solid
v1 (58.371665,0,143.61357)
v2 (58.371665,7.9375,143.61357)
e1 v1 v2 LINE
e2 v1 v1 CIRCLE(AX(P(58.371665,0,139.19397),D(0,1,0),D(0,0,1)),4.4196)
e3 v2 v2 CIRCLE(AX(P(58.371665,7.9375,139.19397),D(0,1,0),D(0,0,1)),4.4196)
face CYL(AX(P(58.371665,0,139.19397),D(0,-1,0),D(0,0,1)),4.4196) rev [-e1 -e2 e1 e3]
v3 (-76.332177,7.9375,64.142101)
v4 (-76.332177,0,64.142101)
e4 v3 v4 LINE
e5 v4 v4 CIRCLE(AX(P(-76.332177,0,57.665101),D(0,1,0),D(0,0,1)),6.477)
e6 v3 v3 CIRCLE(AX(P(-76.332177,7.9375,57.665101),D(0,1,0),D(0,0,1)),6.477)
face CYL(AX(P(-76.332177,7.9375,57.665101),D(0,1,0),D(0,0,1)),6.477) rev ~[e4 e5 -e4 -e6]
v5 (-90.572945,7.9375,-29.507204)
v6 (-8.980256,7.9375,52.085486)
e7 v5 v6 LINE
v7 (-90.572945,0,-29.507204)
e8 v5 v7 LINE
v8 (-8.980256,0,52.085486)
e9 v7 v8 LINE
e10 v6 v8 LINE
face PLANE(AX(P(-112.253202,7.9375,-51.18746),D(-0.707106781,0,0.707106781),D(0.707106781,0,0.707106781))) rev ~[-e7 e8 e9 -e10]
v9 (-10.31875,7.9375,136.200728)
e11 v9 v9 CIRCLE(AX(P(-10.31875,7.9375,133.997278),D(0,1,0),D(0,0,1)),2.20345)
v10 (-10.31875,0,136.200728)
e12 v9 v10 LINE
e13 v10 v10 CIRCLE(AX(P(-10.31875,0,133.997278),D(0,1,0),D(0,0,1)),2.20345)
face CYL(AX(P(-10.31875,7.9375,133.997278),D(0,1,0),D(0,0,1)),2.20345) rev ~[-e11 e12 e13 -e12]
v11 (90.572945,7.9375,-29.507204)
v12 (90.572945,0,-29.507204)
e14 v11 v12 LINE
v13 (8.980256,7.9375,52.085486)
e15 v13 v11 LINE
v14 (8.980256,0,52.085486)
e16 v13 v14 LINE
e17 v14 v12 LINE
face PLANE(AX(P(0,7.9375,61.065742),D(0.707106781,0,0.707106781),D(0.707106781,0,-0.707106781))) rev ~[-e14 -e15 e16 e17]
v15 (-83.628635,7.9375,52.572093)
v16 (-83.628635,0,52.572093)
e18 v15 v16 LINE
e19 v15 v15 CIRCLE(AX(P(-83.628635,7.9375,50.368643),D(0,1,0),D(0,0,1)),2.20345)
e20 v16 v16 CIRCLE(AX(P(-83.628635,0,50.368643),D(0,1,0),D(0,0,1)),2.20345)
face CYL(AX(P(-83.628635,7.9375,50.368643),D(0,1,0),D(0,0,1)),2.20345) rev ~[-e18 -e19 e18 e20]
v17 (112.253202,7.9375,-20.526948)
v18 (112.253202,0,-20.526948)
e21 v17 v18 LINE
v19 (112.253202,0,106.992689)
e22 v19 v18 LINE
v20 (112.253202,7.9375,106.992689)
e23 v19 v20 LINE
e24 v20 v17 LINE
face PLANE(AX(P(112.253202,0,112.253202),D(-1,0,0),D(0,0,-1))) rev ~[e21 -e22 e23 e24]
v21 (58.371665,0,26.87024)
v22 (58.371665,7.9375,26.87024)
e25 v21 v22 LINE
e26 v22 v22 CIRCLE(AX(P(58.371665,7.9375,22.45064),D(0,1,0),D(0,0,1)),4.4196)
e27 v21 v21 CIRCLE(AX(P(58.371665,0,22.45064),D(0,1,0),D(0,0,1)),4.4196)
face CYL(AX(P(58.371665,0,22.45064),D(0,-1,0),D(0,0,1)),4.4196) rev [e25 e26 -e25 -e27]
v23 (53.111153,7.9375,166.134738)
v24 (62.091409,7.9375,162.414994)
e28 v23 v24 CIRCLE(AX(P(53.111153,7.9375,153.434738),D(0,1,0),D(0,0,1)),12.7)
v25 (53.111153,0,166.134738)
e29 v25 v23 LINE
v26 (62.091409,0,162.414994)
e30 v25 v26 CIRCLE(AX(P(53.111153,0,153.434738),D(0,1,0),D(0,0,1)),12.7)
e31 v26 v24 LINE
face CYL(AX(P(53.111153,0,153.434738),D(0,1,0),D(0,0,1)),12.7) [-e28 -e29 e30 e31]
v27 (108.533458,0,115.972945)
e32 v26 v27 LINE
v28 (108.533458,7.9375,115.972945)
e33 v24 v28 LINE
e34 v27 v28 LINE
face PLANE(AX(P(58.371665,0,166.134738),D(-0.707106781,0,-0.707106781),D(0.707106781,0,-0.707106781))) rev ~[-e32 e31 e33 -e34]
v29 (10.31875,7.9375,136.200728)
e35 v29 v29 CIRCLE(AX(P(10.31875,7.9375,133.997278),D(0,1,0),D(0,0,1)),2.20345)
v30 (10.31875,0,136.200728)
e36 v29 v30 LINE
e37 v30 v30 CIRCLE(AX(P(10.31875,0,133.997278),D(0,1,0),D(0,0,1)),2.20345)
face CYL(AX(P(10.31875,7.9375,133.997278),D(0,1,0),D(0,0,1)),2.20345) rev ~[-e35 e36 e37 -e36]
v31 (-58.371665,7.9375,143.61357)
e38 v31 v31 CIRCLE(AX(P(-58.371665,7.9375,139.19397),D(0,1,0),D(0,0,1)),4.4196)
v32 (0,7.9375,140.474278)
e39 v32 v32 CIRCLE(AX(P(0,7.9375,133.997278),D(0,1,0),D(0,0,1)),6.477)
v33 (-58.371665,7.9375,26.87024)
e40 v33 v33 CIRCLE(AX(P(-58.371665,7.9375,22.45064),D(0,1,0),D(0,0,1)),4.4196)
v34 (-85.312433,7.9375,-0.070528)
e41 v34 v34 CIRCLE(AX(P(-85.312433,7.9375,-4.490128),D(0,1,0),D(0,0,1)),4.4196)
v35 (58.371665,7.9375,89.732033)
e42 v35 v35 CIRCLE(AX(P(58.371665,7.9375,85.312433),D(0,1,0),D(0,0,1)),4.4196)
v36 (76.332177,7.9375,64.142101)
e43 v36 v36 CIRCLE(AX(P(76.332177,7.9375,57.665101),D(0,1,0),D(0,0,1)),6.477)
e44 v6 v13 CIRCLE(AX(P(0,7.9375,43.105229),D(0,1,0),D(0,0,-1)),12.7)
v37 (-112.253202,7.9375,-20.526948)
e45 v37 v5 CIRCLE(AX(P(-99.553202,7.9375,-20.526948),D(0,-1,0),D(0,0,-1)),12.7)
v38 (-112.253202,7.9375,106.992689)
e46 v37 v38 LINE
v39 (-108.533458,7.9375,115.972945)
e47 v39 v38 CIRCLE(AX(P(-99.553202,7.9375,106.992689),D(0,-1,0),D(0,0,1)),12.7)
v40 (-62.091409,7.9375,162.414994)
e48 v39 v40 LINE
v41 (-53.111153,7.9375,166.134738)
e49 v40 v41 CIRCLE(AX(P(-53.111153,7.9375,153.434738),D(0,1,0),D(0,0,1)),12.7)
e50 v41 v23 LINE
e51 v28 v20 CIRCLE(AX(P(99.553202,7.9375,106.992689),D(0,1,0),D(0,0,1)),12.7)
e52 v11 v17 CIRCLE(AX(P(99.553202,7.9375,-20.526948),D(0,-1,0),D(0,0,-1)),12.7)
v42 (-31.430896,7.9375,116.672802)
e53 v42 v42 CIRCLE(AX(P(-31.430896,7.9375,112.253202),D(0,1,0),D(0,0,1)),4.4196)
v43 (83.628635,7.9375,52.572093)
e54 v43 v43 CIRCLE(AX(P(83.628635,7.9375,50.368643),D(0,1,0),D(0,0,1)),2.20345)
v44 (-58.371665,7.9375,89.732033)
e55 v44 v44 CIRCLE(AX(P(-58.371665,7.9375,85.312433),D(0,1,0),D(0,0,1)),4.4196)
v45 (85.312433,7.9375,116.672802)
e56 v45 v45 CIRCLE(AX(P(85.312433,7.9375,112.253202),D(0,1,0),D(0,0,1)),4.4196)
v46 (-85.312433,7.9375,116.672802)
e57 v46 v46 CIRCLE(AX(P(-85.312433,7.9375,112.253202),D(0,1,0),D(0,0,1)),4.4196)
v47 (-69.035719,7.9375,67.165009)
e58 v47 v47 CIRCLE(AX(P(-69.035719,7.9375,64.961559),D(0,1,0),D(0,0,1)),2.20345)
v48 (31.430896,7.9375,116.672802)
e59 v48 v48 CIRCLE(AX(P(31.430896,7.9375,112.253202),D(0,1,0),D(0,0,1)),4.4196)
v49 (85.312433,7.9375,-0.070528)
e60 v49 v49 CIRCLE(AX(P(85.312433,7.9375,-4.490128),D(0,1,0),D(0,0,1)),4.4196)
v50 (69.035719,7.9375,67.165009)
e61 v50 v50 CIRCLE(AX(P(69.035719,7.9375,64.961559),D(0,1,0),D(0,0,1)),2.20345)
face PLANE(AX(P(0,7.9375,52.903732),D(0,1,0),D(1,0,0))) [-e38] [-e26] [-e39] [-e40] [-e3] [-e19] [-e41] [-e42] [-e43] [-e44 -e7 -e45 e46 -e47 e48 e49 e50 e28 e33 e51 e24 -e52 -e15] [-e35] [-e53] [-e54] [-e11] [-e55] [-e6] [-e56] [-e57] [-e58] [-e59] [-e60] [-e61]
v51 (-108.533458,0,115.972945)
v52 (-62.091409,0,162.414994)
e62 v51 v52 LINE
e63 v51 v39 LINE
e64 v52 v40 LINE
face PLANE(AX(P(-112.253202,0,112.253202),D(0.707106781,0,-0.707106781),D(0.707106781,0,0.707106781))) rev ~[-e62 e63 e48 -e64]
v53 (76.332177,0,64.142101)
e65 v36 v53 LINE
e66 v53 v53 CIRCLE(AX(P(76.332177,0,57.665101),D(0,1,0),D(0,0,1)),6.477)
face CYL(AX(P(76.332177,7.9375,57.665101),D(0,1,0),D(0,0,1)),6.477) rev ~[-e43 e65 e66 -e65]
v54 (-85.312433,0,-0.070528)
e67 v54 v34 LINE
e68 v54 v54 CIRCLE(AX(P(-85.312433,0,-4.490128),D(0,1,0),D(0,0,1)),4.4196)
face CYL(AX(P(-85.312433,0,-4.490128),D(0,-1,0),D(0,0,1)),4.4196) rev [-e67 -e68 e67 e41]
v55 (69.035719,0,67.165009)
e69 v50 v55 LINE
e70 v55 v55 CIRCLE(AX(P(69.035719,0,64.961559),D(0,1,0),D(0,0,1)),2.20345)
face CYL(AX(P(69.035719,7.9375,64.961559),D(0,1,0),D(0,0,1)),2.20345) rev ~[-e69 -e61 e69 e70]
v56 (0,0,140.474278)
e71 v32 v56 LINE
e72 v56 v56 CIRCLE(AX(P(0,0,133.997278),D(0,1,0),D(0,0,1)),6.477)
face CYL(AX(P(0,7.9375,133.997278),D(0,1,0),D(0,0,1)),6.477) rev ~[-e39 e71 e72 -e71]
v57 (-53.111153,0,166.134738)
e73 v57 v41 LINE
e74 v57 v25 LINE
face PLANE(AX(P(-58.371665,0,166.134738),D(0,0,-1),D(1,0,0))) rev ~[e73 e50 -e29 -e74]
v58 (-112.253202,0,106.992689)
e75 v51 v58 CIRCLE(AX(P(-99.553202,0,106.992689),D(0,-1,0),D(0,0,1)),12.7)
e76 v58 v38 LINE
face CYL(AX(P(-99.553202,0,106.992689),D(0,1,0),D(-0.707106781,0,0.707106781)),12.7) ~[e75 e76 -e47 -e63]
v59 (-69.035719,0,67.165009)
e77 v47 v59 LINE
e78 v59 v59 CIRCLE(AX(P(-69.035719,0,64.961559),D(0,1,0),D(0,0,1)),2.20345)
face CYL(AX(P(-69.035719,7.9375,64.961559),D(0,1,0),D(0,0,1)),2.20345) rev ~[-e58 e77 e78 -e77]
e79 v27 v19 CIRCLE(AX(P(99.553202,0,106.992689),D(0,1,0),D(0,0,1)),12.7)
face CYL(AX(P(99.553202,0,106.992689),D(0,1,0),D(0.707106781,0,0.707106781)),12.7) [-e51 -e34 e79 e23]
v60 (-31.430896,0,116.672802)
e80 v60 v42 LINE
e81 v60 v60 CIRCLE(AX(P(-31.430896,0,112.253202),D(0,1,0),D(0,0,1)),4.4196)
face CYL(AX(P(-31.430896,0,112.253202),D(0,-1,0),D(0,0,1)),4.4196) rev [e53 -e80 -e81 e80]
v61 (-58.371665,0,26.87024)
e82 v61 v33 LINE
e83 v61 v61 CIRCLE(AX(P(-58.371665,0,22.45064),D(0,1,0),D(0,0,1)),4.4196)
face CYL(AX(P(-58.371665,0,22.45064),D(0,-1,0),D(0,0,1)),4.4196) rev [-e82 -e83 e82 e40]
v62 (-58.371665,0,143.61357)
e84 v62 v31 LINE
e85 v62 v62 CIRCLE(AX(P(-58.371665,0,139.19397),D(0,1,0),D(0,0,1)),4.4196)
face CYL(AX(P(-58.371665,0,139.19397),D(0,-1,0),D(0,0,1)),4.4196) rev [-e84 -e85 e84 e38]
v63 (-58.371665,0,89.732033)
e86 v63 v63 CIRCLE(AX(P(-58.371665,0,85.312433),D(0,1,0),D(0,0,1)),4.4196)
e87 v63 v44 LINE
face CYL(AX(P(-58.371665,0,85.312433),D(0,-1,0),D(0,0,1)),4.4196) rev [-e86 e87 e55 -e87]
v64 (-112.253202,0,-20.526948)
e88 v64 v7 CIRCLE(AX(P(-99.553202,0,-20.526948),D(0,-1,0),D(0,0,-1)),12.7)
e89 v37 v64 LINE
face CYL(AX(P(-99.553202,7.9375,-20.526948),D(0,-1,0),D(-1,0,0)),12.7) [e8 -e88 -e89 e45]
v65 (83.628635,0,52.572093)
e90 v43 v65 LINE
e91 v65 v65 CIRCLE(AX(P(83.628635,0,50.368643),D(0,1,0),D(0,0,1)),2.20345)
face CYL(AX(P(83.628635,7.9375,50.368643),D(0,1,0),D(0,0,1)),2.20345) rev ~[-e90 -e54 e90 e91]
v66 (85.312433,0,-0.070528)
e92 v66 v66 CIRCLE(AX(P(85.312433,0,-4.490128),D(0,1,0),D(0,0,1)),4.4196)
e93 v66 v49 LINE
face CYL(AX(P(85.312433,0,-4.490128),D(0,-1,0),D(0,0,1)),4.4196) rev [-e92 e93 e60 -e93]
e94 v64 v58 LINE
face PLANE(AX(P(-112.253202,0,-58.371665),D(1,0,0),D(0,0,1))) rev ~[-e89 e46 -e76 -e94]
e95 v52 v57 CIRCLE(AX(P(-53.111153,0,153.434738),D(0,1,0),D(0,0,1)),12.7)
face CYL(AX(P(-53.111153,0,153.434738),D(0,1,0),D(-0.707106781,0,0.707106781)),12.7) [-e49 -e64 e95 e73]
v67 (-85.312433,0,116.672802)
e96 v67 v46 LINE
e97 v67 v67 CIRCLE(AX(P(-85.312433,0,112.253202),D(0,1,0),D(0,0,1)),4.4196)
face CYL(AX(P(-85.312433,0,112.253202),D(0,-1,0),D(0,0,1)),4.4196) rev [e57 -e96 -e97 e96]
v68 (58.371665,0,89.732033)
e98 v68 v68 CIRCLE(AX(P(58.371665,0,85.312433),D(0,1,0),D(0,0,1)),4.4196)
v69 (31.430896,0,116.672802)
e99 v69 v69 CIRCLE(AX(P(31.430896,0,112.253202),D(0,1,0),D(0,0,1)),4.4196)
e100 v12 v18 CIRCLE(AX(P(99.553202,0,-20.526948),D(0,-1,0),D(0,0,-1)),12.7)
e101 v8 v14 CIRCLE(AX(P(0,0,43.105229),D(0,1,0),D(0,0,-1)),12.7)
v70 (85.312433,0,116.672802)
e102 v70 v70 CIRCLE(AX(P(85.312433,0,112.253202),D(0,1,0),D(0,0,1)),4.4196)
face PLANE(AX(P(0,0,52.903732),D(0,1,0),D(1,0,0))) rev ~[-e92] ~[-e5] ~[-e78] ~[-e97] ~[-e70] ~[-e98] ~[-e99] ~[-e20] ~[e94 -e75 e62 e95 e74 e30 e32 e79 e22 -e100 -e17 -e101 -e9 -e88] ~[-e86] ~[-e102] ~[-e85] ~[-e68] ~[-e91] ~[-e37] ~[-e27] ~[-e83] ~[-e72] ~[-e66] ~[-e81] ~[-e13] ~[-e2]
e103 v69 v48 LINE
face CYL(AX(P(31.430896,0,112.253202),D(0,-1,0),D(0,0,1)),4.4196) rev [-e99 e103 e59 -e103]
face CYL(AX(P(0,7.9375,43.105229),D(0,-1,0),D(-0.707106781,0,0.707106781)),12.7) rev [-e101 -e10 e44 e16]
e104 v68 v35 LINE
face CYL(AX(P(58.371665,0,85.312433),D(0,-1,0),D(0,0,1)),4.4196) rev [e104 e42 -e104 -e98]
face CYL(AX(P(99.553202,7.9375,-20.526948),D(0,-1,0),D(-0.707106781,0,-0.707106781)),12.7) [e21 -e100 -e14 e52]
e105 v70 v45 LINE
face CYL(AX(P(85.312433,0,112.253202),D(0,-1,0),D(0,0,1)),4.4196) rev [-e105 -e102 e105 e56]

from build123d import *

# Parameters (mm, degrees)
SKETCH1_R           = 4.4196
BOSS_EXTRUDE1_DEPTH = 7.9375
CUT_EXTRUDE1_DEPTH  = 201.660251187
FILLET1_R           = 12.7
SKETCH3_R           = 6.477
SKETCH3_R_2         = 2.20345
CUT_EXTRUDE2_DEPTH  = 201.660251187


with BuildPart() as part:
    # Sketch1 → Boss-Extrude1 (new body)
    with BuildSketch(Plane(origin=(0, 0, 0), x_dir=(1, 0, 0), z_dir=(0, 1, 0))):
        Polygon((-112.253201513, -112.253201513), (-58.371664787, -166.13473824), (58.371664787, -166.13473824), (112.253201513, -112.253201513), (112.253201513, 58.371664787), (0, -53.881536726), (-112.253201513, 58.371664787), align=None)
        with Locations(Location((-85.31243315, -112.253201513, 0), (0, 0, 270))):
            Circle(SKETCH1_R, mode=Mode.SUBTRACT)
        with Locations(Location((-58.371664787, -85.31243315, 0), (0, 0, 270))):
            Circle(SKETCH1_R, mode=Mode.SUBTRACT)
        with Locations(Location((-31.430896424, -112.253201513, 0), (0, 0, 270))):
            Circle(SKETCH1_R, mode=Mode.SUBTRACT)
        with Locations(Location((-58.371664787, -139.193969877, 0), (0, 0, 270))):
            Circle(SKETCH1_R, mode=Mode.SUBTRACT)
        with Locations(Location((31.430896424, -112.253201513, 0), (0, 0, 270))):
            Circle(SKETCH1_R, mode=Mode.SUBTRACT)
        with Locations(Location((58.371664787, -85.31243315, 0), (0, 0, 270))):
            Circle(SKETCH1_R, mode=Mode.SUBTRACT)
        with Locations(Location((85.31243315, -112.253201513, 0), (0, 0, 270))):
            Circle(SKETCH1_R, mode=Mode.SUBTRACT)
        with Locations(Location((58.371664787, -139.193969877, 0), (0, 0, 270))):
            Circle(SKETCH1_R, mode=Mode.SUBTRACT)
        with Locations(Location((-85.31243315, 4.490128061, 0), (0, 0, 270))):
            Circle(SKETCH1_R, mode=Mode.SUBTRACT)
        with Locations(Location((-58.371664787, -22.450640303, 0), (0, 0, 270))):
            Circle(SKETCH1_R, mode=Mode.SUBTRACT)
        with Locations(Location((58.371664787, -22.450640303, 0), (0, 0, 270))):
            Circle(SKETCH1_R, mode=Mode.SUBTRACT)
        with Locations(Location((85.31243315, 4.490128061, 0), (0, 0, 270))):
            Circle(SKETCH1_R, mode=Mode.SUBTRACT)
    extrude(amount=BOSS_EXTRUDE1_DEPTH)

    # Sketch2 → Cut-Extrude1 (cut, through all)
    with BuildSketch(Plane(origin=(0, 7.9375, 0), x_dir=(1, 0, 0), z_dir=(0, 1, 0))):
        Polygon((0, -53.881536726), (-112.253201513, 58.371664787), (-112.253201513, 51.18745989), (0, -61.065741623), (112.253201513, 51.18745989), (112.253201513, 58.371664787), align=None)
    extrude(amount=-CUT_EXTRUDE1_DEPTH, mode=Mode.SUBTRACT)

    # Fillet1
    fillet1_edges = [part.edges().sort_by_distance(p)[0] for p in [
        (112.253201513, 3.96875, 112.253201513),
        (58.371664787, 3.96875, 166.13473824),
        (-58.371664787, 3.96875, 166.13473824),
        (-112.253201513, 3.96875, 112.253201513),
        (0, 3.96875, 61.065741623),
        (-112.253201513, 3.96875, -51.18745989),
        (112.253201513, 3.96875, -51.18745989),
    ]]
    fillet(fillet1_edges, radius=FILLET1_R)

    # Sketch3 → Cut-Extrude2 (cut, through all)
    with BuildSketch(Plane(origin=(0, 7.9375, 0), x_dir=(1, 0, 0), z_dir=(0, 1, 0))):
        with Locations(Location((0, -133.99727835, 0), (0, 0, 270))):
            Circle(SKETCH3_R)
        with Locations(Location((-10.31875, -133.99727835, 0), (0, 0, 270))):
            Circle(SKETCH3_R_2)
        with Locations(Location((10.31875, -133.99727835, 0), (0, 0, 270))):
            Circle(SKETCH3_R_2)
        with Locations(Location((-76.332177029, -57.665101321, 0), (0, 0, 270))):
            Circle(SKETCH3_R)
        with Locations(Location((-69.035718931, -64.961559419, 0), (0, 0, 270))):
            Circle(SKETCH3_R_2)
        with Locations(Location((-83.628635127, -50.368643222, 0), (0, 0, 270))):
            Circle(SKETCH3_R_2)
        with Locations(Location((76.332177029, -57.665101321, 0), (0, 0, 270))):
            Circle(SKETCH3_R)
        with Locations(Location((69.035718931, -64.961559419, 0), (0, 0, 270))):
            Circle(SKETCH3_R_2)
        with Locations(Location((83.628635127, -50.368643222, 0), (0, 0, 270))):
            Circle(SKETCH3_R_2)
    extrude(amount=-CUT_EXTRUDE2_DEPTH, mode=Mode.SUBTRACT)


solid = part.part
